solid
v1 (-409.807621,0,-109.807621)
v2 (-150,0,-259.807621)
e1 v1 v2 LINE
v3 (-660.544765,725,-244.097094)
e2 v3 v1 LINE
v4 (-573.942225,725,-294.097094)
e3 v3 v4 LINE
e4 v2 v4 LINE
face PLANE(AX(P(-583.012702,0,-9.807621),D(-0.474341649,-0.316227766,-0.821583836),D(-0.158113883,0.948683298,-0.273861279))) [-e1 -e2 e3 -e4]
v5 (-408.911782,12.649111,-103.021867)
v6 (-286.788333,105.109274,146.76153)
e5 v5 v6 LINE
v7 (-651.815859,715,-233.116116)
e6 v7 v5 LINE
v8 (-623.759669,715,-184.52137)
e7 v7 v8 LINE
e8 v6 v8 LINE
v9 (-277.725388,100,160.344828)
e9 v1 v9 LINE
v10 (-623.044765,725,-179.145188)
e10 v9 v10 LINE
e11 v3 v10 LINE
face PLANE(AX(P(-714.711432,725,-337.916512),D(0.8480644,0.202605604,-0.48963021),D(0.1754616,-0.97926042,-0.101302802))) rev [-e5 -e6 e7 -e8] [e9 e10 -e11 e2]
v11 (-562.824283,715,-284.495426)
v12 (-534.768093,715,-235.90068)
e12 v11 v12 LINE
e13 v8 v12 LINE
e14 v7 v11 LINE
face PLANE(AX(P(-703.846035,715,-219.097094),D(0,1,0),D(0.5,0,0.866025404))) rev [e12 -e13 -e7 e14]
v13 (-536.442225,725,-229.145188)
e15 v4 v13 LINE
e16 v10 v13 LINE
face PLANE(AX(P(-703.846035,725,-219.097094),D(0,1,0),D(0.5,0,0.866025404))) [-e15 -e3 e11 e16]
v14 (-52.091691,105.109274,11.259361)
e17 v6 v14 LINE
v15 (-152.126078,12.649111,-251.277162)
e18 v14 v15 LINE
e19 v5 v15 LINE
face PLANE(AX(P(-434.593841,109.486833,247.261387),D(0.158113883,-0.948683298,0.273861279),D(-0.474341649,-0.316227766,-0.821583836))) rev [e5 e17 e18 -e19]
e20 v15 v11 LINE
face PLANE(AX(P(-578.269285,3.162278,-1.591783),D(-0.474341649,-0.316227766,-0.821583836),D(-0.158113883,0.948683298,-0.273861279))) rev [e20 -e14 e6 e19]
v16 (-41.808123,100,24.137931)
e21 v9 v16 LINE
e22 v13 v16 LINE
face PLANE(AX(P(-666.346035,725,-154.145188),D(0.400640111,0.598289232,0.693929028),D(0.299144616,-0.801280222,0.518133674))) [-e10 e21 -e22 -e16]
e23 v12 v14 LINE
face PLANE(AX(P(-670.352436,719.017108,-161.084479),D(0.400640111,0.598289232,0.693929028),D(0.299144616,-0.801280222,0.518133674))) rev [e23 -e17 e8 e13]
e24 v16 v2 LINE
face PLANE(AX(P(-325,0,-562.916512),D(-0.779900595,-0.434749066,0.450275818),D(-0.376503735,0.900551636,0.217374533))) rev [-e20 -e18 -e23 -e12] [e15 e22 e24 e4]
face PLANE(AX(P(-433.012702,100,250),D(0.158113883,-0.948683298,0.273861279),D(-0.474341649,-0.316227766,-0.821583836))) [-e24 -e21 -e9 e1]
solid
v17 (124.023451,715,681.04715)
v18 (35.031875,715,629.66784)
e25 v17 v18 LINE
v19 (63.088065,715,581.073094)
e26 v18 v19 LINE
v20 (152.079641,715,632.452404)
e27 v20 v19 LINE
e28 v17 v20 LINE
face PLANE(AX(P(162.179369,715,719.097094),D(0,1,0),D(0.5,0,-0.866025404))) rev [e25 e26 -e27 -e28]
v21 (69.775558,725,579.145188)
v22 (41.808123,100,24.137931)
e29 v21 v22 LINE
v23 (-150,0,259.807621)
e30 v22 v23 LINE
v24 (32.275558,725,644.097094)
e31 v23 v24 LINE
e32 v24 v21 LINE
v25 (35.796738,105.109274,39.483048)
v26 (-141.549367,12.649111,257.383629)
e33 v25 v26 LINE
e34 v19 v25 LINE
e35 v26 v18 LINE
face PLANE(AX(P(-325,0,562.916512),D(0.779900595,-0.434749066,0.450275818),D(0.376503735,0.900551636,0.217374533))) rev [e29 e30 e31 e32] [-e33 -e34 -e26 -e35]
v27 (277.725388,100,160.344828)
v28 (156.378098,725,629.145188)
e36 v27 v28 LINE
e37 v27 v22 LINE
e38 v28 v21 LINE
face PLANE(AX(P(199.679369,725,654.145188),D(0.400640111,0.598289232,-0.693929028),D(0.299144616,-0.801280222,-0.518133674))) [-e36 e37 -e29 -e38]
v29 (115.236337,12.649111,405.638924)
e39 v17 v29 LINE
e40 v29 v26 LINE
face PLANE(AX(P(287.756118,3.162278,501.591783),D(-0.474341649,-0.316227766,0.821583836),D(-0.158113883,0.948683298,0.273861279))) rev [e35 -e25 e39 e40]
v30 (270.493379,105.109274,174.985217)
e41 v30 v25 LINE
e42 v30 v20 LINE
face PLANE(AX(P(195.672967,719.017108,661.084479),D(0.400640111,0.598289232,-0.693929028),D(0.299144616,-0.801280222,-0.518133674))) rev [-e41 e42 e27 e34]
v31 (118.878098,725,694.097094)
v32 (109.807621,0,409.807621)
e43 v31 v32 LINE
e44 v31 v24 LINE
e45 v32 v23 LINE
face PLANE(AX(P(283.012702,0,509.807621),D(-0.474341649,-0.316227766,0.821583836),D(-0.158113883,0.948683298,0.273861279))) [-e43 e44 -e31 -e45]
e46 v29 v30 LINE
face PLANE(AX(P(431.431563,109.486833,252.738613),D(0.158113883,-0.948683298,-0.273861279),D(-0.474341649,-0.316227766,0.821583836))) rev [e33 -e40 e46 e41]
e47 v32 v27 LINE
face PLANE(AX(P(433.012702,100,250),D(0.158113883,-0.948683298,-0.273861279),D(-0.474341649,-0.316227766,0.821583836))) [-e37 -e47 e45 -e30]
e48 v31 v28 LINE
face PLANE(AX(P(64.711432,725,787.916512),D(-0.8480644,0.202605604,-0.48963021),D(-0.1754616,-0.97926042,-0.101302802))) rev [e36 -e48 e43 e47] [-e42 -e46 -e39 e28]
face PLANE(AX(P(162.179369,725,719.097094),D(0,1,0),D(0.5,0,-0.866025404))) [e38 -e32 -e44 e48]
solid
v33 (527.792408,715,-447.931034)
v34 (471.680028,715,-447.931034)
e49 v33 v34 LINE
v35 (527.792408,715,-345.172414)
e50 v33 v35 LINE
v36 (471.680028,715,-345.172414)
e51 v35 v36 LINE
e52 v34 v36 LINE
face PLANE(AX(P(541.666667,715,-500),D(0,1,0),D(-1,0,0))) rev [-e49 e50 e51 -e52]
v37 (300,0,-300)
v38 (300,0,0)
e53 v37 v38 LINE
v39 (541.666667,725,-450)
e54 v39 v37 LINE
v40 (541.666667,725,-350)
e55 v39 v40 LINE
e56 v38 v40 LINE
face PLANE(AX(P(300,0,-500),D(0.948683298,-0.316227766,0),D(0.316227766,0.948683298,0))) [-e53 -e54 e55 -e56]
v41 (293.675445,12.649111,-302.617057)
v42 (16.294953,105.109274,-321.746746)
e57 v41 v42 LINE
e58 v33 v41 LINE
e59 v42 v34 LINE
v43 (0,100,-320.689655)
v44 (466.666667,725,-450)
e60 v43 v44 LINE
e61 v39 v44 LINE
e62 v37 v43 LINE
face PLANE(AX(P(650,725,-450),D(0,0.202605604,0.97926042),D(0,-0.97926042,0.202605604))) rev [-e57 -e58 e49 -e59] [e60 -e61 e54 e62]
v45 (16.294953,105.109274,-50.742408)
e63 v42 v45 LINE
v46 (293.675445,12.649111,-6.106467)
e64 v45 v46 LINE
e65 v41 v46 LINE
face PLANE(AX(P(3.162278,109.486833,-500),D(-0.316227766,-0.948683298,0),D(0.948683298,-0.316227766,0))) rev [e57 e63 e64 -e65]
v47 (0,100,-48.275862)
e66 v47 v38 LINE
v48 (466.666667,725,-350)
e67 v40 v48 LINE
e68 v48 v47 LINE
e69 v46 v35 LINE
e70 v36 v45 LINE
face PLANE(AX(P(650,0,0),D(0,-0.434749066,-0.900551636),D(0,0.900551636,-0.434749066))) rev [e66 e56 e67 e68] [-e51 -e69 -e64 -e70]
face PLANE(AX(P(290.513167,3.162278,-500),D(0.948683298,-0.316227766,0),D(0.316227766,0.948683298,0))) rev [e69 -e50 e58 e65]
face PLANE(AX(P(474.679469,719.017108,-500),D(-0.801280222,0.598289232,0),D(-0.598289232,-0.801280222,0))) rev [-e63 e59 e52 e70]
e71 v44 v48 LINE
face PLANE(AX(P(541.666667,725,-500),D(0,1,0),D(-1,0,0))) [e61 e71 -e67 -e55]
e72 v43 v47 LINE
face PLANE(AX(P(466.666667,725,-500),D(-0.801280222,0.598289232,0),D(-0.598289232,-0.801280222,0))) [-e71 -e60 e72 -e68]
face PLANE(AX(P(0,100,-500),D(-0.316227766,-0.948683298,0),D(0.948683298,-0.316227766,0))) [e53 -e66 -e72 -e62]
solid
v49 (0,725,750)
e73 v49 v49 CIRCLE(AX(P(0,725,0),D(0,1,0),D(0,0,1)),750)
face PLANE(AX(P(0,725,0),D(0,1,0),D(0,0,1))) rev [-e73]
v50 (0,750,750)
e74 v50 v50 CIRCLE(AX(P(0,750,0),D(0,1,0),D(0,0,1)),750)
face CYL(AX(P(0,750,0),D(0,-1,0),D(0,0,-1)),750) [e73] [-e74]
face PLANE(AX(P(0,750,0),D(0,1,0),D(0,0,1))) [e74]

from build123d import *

# Parameters (mm, degrees)
SALIENTE_EXTRUIR1_DEPTH    = 500
CROQUIS2_OUTSIDE_W         = 708.788
CROQUIS2_OUTSIDE_H         = 933.788
CORTAR_EXTRUIR2_DEPTH      = 650
CORTAR_EXTRUIR2_DEPTH_BACK = 50
VACIADO2_T                 = -10
MATRIZC1_COUNT             = 3
SALIENTE_EXTRUIR2_START    = 725
CROQUIS5_R                 = 750
SALIENTE_EXTRUIR2_DEPTH    = 25


with BuildPart() as part:
    # Croquis1 → Saliente-Extruir1 (new body)
    with BuildSketch(Plane.XY):
        Polygon((300, 0), (541.666666667, 725), (466.666666667, 725), (0, 100), align=None)
    extrude(amount=-SALIENTE_EXTRUIR1_DEPTH)

    # Croquis2 outside → Cortar-Extruir2 (cut, two sides)
    with BuildSketch(Plane(origin=(0, 0, 0), x_dir=(0, 0, -1), z_dir=(1, 0, 0))) as cortar_extruir2_sk:
        with Locations((250, 362.5)):
            Rectangle(CROQUIS2_OUTSIDE_W, CROQUIS2_OUTSIDE_H)
        Polygon((0, 0), (350, 725), (450, 725), (300, 0), align=None, mode=Mode.SUBTRACT)
    extrude(amount=CORTAR_EXTRUIR2_DEPTH, mode=Mode.SUBTRACT)
    extrude(cortar_extruir2_sk.sketch, amount=-CORTAR_EXTRUIR2_DEPTH_BACK, mode=Mode.SUBTRACT)

    # Vaciado2
    vaciado2_openings = [part.faces().sort_by_distance(p)[0] for p in [
        (289.580826314, 314.259927798, -365.019295406),
        (289.580826314, 314.259927798, -151.711689282),
    ]]
    offset(amount=VACIADO2_T, openings=vaciado2_openings, kind=Kind.INTERSECTION)


with BuildPart() as matrizc1_1:
    # MatrizC1: pattern copy
    add(part.part.rotate(Axis((0, 0, 0), (0, 1, 0)), 1 * 360 / MATRIZC1_COUNT))


with BuildPart() as matrizc1_2:
    # MatrizC1: pattern copy
    add(part.part.rotate(Axis((0, 0, 0), (0, 1, 0)), 2 * 360 / MATRIZC1_COUNT))


with BuildPart() as body_4:
    # Croquis5 → Saliente-Extruir2 (new body)
    with BuildSketch(Plane(origin=(0, 0, 0), x_dir=(1, 0, 0), z_dir=(0, 1, 0)).offset(SALIENTE_EXTRUIR2_START)):
        with Locations(Location((0, 0, 0), (0, 0, 270))):  # turned: the seam where the file's is
            Circle(CROQUIS5_R)
    extrude(amount=SALIENTE_EXTRUIR2_DEPTH)


solid = Compound([part.part, matrizc1_1.part, matrizc1_2.part, body_4.part])
